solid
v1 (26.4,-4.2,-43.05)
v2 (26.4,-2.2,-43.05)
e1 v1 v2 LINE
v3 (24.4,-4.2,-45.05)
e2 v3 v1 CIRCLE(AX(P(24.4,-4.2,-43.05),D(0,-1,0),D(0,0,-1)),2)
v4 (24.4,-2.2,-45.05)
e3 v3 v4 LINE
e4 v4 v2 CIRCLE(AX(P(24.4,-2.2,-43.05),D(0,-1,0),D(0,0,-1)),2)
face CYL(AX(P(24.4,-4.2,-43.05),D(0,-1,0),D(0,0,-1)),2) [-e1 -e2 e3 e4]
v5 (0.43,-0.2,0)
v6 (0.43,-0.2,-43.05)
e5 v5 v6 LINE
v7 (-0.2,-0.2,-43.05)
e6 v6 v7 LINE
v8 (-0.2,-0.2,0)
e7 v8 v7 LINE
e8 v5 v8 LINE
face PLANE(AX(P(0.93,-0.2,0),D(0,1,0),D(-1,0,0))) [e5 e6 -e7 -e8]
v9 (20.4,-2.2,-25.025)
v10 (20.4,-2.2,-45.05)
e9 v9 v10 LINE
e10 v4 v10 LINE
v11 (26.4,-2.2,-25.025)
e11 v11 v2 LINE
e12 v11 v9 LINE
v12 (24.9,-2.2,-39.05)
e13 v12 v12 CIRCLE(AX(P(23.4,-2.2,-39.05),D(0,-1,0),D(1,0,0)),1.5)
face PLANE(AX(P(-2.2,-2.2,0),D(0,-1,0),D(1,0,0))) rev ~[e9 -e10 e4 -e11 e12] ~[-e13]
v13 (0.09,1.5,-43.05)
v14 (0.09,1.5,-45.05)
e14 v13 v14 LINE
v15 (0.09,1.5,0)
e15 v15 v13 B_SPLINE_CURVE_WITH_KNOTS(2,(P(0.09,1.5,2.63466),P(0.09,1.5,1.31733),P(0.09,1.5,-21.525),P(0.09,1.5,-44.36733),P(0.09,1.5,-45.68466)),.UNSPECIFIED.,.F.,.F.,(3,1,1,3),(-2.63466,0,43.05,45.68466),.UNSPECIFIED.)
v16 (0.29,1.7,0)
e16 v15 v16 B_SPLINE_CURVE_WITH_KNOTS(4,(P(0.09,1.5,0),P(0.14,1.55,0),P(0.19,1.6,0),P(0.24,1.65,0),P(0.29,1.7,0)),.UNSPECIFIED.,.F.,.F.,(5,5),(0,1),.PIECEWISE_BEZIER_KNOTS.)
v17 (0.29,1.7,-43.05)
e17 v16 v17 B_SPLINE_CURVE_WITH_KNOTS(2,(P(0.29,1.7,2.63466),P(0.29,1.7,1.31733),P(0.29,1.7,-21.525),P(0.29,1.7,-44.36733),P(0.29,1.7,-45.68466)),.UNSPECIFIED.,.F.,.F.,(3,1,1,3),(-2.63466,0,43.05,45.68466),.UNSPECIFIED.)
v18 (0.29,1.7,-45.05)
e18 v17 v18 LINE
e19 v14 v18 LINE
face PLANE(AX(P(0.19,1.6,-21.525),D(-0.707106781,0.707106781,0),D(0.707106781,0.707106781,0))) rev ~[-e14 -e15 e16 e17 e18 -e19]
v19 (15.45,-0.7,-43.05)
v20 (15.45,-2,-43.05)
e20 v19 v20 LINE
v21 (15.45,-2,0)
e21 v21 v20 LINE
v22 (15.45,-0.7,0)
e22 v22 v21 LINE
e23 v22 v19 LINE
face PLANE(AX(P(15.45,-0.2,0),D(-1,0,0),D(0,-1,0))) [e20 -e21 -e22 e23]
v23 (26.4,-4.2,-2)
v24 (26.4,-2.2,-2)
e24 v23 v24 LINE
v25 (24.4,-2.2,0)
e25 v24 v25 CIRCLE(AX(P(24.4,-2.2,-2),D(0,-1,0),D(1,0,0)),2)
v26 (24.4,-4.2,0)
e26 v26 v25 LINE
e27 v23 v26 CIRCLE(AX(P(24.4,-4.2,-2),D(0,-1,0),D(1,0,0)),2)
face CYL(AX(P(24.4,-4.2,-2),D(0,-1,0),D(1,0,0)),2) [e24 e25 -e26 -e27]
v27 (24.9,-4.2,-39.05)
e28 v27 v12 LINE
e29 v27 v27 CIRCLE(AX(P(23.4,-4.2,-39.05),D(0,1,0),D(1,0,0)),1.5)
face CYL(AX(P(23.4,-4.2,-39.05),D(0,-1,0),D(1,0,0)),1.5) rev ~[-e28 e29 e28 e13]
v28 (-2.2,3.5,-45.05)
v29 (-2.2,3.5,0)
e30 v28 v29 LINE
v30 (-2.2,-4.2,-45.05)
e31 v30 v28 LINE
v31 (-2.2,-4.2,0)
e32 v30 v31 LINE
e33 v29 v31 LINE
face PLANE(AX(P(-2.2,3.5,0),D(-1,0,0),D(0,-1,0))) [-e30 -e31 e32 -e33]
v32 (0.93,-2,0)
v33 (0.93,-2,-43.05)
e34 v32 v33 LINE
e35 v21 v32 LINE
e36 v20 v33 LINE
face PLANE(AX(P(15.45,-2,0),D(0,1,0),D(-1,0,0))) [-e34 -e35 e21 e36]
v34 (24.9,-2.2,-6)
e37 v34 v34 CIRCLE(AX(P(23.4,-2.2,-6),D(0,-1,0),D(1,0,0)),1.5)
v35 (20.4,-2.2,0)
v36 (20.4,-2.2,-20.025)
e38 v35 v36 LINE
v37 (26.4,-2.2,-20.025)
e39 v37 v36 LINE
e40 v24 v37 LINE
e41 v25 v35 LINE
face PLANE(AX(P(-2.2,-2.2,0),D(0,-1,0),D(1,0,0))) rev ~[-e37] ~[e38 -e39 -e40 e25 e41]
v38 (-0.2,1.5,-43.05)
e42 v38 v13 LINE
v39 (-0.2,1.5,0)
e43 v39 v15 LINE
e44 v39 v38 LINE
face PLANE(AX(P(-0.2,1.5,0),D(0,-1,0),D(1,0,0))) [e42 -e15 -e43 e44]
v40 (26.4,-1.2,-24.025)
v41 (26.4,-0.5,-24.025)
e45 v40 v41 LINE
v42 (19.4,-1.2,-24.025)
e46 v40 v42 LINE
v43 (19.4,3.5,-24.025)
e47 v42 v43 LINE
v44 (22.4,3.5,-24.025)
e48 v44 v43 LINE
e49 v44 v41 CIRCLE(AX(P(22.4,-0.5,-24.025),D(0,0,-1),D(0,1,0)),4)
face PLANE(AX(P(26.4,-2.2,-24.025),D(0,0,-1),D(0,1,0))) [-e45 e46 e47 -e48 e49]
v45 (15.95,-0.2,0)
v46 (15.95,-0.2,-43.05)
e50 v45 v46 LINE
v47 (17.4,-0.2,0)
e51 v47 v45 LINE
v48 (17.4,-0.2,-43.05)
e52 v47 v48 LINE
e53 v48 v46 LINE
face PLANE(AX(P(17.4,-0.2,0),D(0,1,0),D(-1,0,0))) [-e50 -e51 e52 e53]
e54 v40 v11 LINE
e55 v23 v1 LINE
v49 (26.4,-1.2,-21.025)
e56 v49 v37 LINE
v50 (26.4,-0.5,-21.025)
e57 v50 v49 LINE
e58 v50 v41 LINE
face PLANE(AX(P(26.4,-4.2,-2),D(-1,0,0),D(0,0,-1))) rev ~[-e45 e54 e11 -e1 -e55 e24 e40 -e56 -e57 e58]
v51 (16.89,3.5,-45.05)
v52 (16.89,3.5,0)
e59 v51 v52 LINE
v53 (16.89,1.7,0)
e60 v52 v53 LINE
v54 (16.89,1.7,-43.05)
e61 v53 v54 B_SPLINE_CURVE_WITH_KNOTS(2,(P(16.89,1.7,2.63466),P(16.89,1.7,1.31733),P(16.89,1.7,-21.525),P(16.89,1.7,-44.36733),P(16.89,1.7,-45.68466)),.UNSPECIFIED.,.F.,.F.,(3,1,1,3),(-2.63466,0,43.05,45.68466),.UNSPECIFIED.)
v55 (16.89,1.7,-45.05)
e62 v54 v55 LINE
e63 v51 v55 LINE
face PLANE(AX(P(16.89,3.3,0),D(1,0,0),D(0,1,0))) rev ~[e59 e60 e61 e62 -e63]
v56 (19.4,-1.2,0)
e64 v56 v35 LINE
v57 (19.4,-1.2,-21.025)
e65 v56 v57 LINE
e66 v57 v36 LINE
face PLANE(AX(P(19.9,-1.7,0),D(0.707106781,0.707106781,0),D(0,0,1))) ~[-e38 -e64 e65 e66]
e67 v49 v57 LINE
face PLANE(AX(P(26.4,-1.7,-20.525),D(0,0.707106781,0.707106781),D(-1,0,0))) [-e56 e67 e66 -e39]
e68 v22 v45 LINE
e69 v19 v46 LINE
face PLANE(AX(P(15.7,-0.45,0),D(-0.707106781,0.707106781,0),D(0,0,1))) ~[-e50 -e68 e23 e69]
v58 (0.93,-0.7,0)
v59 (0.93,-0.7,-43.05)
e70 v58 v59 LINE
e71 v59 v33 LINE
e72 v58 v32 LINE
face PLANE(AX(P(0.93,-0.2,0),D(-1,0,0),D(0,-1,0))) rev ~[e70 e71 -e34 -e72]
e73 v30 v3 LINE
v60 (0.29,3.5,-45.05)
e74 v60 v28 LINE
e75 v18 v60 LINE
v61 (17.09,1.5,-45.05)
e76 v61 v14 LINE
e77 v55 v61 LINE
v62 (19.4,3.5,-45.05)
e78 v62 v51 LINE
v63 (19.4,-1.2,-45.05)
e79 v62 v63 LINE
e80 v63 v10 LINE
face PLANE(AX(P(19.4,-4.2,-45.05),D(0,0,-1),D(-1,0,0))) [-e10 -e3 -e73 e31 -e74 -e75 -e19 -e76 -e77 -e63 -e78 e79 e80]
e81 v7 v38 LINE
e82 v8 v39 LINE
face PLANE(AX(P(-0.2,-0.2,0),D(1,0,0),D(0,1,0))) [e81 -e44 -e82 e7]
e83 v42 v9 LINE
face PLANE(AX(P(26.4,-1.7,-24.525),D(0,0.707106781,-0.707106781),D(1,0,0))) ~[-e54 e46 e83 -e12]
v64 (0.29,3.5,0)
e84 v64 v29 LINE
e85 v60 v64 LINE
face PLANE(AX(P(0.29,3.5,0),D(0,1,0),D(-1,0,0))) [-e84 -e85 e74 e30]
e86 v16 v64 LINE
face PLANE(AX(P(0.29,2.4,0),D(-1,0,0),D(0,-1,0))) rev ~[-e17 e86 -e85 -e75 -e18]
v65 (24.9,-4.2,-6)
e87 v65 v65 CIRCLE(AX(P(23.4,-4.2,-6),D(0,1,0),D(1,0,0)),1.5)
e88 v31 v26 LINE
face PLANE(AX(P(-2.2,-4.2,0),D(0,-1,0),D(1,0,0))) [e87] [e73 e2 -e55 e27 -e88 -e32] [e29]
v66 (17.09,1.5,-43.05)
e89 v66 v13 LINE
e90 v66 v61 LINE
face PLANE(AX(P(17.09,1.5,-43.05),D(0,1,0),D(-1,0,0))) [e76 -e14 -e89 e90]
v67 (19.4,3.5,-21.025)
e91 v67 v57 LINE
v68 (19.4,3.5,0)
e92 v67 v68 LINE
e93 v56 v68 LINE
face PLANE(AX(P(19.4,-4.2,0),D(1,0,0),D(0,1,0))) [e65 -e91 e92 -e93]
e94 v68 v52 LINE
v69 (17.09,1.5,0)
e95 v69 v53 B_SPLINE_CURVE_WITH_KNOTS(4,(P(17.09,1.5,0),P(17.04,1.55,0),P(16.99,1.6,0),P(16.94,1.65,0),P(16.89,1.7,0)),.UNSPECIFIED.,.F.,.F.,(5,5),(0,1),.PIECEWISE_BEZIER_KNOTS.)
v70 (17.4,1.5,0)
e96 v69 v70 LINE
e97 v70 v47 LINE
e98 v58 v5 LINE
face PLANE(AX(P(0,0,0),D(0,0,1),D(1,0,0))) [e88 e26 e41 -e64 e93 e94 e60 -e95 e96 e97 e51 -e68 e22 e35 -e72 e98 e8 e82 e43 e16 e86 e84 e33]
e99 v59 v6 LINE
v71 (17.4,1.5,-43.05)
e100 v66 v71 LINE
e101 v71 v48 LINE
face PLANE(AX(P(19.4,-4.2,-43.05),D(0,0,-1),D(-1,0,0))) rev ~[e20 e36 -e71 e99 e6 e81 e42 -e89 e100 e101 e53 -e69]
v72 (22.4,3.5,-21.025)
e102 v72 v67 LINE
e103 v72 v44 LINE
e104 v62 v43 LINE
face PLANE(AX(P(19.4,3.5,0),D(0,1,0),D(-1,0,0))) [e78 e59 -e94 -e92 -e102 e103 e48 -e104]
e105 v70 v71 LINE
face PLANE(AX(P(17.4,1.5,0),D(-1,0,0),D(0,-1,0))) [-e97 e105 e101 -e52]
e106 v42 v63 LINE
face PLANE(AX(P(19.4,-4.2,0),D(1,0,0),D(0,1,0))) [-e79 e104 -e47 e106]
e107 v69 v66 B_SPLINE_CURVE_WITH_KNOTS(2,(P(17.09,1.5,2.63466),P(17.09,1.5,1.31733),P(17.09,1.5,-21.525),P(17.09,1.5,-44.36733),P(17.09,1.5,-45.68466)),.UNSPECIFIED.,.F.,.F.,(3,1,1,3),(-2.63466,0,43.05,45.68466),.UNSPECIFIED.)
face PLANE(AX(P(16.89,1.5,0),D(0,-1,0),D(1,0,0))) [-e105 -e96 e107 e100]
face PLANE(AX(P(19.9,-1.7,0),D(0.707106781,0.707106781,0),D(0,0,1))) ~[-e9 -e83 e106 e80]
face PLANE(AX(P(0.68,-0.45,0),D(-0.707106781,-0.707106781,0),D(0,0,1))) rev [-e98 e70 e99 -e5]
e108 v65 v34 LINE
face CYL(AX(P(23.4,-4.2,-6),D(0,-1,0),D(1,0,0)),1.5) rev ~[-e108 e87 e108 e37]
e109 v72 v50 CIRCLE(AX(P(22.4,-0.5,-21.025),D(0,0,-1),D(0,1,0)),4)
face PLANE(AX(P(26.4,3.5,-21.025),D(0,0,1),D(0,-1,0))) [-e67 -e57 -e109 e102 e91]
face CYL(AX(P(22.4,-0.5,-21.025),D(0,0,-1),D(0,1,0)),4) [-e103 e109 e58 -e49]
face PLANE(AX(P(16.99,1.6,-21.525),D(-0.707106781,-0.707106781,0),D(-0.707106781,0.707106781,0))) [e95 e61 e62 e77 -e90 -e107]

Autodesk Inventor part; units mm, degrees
ref_plane "YZ Plane" through (0, 0, 0) normal (1, 0, 0) x (0, 1, 0)
ref_plane "XZ Plane" through (0, 0, 0) normal (0, 1, 0) x (-1, 0, 0)
sketch "Sketch1" plane through (0, 0, 0) normal (0, 0, 1) x (1, 0, 0)
  line L0 (0, 0) -> (0, 1.3) projected
  line L1 (0, 0) -> (17.2, 0) projected
  line L2 (17.2, 0) -> (17.2, 1.3) projected
  line L3 (0, 1.3) -> (17.2, 1.3) projected
  line L4 (-0.2, -0.2) -> (-0.2, 1.5)
  line L5 (17.4, 1.5) -> (17.4, -0.2)
  line L6 (-2.2, 3.5) -> (-2.2, -2.2)
  line L7 (19.4, -2.2) -> (19.4, 3.5)
  line L8 (0.49, 2.4) -> (0.49, 1.65)
  line L9 (0.29, 2.4) -> (0.29, 1.65)
  line L10 (16.69, 2.4) -> (16.69, 1.65)
  line L11 (16.89, 2.4) -> (16.89, 1.65)
  line L12 (16.89, 1.5) -> (16.89, 3.5)
  line L13 (0.29, 1.5) -> (0.29, 3.5)
  line L14 (19.4, 3.5) -> (16.89, 3.5)
  line L15 (0.29, 3.5) -> (-2.2, 3.5)
  line L16 (-0.2, 1.5) -> (0.29, 1.5)
  line L17 (16.89, 1.5) -> (17.4, 1.5)
  line L18 (15.45, -2) -> (0.93, -2)
  line L19 (-2, -2) -> (-2, 3.3)
  line L20 (19.2, 3.3) -> (19.2, -2)
  line L21 (1.13, -0.1) -> (1.13, 0)
  line L22 (0.93, -0.1) -> (0.93, 0)
  line L23 (0.93, 0) -> (0.93, -2)
  line L24 (15.25, -0.1) -> (15.25, 1.4)
  line L25 (15.45, -0.1) -> (15.45, 1.4)
  line L26 (15.45, 1.3) -> (15.45, -2)
  line L27 (-2.2, -2.2) -> (-2.2, -4.2)
  line L28 (-2.2, -4.2) -> (19.4, -4.2)
  line L29 (19.4, -4.2) -> (19.4, -2.2)
  line L30 (17.4, -0.2) -> (15.45, -0.2)
  line L31 (0.93, -0.2) -> (-0.2, -0.2)
  line L32 (0.49, -2.2) -> (1.13, -2.2)
  line L33 (15.25, -2.2) -> (16.89, -2.2)
  line L34 (-2.2, -2.2) -> (-2, -2.2)
  line L35 (-0.2, -2.2) -> (0.29, -2.2)
  line L36 (17.2, -2.2) -> (17.4, -2.2)
  line L37 (19.2, -2.2) -> (19.4, -2.2)
  line L38 (0.29, 3.3) -> (1.13, 3.3)
  line L39 (15.25, 3.3) -> (16.89, 3.3)
  dimension "d2" = 0.2
  dimension "d3" = 0.2
  dimension "d4" = 2
  dimension "d5" = 0.2
  dimension "d6" = 0.2
  dimension "d7" = 2
ref_plane "Work Plane1" through (0, 0, -43.05) normal (0, 0, -1) x (0, 1, 0)
extrude "Extrusion1" add sketch "Sketch1" against normal up to surface (43.05 mm away) contours L23 L18 L26 L30 L5 L17 L12 L11 L14 L7 L29 L28 L27 L6 L15 L13 L9 L16 L4 L31
chamfer "Chamfer1" distance 0.5 angle 45 2 edges at (15.45, -0.2, -21.525) (0.93, -0.2, -21.525)
chamfer "Chamfer2" distance 0.2 angle 45 2 edges at (0.29, 1.5, -21.525) (16.89, 1.5, -21.525)
sketch "Sketch2" plane through (19.4, -4.2, -43.05) normal (0, 0, -1) x (-1, 0, 0)
  line L0 (2.51, 5.9) -> (2.31, 5.7) projected
  line L1 (2.51, 7.7) -> (2.51, 5.9) projected
  line L2 (0, 7.7) -> (2.51, 7.7) projected
  line L3 (0, 0) -> (0, 7.7) projected
  line L4 (21.6, 0) -> (0, 0) projected
  line L5 (21.6, 7.7) -> (21.6, 0) projected
  line L6 (19.11, 7.7) -> (21.6, 7.7) projected
  line L7 (19.11, 5.9) -> (19.11, 7.7) projected
  line L8 (19.31, 5.7) -> (19.11, 5.9) projected
  line L9 (19.6, 5.7) -> (19.31, 5.7) projected
  line L10 (19.6, 4) -> (19.6, 5.7) projected
  line L11 (18.97, 4) -> (19.6, 4) projected
  line L12 (18.47, 3.5) -> (18.97, 4) projected
  line L13 (18.47, 2.2) -> (18.47, 3.5) projected
  line L14 (3.95, 2.2) -> (18.47, 2.2) projected
  line L15 (3.95, 3.5) -> (3.95, 2.2) projected
  line L16 (3.45, 4) -> (3.95, 3.5) projected
  line L17 (2, 4) -> (3.45, 4) projected
  line L18 (2, 5.7) -> (2, 4) projected
  line L19 (2.31, 5.7) -> (2, 5.7) projected
  line L20 (0, 5.7) -> (21.6, 5.7)
  point P0 (19.4, 4.2)
extrude "Extrusion2" add sketch "Sketch2" along normal blind 2
sketch "Sketch3" plane through (-2.2, -4.2, 0) normal (0, -1, 0) x (1, 0, 0)
  line L0 (21.6, 0) -> (21.6, -45.05) projected
  line L1 (21.6, 0) -> (26.6, 0)
  line L2 (28.6, -2) -> (28.6, -43.05)
  line L3 (26.6, -45.05) -> (21.6, -45.05)
  line L4 (28.6, 0) -> (25.6, 0)
  line L5 (25.6, 0) -> (25.6, -45.05)
  line L6 (25.6, 0) -> (25.6, -6)
  line L7 (25.6, -45.05) -> (25.6, -39.05)
  circle A0 centre (25.6, -6) radius 1.5
  circle A1 centre (25.6, -39.05) radius 1.5
  arc A2 (28.6, -2) -> (26.6, 0) centre (26.6, -2) ccw
  arc A3 (26.6, -45.05) -> (28.6, -43.05) centre (26.6, -43.05) ccw
  point P0 (2.2, 0)
  dimension "d18" = 7
  dimension "d19" = 3
  dimension "d20" = 6
  dimension "d21" = 6
  dimension "d22" = 3
  dimension "d23" = 3
  dimension "d24" = 2
extrude "Extrusion3" add sketch "Sketch3" against normal blind 2 contours L1 L5 A0 A1 L3 L0 | L1 A2 L2 A3 L3 L5 A1 A0
chamfer "Chamfer3" distance 1 angle 45 1 edges at (19.4, -2.2, -22.525)
sketch "Sketch4" plane through (26.4, -4.2, -2) normal (1, 0, 0) x (0, 0, -1)
  line L0 (0, 2) -> (41.05, 2) projected
  line L1 (20.525, 2) -> (20.525, 7.7)
  line L2 (-2, 7.7) -> (43.05, 7.7) projected
  line L3 (22.025, 7.7) -> (19.025, 7.7)
  line L4 (19.025, 7.7) -> (19.025, 2)
  line L5 (19.025, 2) -> (22.025, 2)
  line L6 (22.025, 2) -> (22.025, 7.7)
  line L7 (22.025, 7.7) -> (19.025, 2) construction
  line L8 (19.025, 7.7) -> (22.025, 2) construction
  point P0 (-2, 4.2)
  point P1 (20.525, 4.85)
  point P2 (19.025, 7.7)
  point P3 (22.025, 2)
  point P4 (22.025, 7.7)
  dimension "d30" = 3
extrude "Extrusion4" add sketch "Sketch4" against normal up to surface (7 mm away)
fillet "Fillet1" radius 4 1 edges at (26.4, 3.5, -22.525)
chamfer "Chamfer4" distance 1 angle 45 2 edges at (23.4, -2.2, -21.025) (23.4, -2.2, -24.025)
properties part number "relay_case_3DPrint"
